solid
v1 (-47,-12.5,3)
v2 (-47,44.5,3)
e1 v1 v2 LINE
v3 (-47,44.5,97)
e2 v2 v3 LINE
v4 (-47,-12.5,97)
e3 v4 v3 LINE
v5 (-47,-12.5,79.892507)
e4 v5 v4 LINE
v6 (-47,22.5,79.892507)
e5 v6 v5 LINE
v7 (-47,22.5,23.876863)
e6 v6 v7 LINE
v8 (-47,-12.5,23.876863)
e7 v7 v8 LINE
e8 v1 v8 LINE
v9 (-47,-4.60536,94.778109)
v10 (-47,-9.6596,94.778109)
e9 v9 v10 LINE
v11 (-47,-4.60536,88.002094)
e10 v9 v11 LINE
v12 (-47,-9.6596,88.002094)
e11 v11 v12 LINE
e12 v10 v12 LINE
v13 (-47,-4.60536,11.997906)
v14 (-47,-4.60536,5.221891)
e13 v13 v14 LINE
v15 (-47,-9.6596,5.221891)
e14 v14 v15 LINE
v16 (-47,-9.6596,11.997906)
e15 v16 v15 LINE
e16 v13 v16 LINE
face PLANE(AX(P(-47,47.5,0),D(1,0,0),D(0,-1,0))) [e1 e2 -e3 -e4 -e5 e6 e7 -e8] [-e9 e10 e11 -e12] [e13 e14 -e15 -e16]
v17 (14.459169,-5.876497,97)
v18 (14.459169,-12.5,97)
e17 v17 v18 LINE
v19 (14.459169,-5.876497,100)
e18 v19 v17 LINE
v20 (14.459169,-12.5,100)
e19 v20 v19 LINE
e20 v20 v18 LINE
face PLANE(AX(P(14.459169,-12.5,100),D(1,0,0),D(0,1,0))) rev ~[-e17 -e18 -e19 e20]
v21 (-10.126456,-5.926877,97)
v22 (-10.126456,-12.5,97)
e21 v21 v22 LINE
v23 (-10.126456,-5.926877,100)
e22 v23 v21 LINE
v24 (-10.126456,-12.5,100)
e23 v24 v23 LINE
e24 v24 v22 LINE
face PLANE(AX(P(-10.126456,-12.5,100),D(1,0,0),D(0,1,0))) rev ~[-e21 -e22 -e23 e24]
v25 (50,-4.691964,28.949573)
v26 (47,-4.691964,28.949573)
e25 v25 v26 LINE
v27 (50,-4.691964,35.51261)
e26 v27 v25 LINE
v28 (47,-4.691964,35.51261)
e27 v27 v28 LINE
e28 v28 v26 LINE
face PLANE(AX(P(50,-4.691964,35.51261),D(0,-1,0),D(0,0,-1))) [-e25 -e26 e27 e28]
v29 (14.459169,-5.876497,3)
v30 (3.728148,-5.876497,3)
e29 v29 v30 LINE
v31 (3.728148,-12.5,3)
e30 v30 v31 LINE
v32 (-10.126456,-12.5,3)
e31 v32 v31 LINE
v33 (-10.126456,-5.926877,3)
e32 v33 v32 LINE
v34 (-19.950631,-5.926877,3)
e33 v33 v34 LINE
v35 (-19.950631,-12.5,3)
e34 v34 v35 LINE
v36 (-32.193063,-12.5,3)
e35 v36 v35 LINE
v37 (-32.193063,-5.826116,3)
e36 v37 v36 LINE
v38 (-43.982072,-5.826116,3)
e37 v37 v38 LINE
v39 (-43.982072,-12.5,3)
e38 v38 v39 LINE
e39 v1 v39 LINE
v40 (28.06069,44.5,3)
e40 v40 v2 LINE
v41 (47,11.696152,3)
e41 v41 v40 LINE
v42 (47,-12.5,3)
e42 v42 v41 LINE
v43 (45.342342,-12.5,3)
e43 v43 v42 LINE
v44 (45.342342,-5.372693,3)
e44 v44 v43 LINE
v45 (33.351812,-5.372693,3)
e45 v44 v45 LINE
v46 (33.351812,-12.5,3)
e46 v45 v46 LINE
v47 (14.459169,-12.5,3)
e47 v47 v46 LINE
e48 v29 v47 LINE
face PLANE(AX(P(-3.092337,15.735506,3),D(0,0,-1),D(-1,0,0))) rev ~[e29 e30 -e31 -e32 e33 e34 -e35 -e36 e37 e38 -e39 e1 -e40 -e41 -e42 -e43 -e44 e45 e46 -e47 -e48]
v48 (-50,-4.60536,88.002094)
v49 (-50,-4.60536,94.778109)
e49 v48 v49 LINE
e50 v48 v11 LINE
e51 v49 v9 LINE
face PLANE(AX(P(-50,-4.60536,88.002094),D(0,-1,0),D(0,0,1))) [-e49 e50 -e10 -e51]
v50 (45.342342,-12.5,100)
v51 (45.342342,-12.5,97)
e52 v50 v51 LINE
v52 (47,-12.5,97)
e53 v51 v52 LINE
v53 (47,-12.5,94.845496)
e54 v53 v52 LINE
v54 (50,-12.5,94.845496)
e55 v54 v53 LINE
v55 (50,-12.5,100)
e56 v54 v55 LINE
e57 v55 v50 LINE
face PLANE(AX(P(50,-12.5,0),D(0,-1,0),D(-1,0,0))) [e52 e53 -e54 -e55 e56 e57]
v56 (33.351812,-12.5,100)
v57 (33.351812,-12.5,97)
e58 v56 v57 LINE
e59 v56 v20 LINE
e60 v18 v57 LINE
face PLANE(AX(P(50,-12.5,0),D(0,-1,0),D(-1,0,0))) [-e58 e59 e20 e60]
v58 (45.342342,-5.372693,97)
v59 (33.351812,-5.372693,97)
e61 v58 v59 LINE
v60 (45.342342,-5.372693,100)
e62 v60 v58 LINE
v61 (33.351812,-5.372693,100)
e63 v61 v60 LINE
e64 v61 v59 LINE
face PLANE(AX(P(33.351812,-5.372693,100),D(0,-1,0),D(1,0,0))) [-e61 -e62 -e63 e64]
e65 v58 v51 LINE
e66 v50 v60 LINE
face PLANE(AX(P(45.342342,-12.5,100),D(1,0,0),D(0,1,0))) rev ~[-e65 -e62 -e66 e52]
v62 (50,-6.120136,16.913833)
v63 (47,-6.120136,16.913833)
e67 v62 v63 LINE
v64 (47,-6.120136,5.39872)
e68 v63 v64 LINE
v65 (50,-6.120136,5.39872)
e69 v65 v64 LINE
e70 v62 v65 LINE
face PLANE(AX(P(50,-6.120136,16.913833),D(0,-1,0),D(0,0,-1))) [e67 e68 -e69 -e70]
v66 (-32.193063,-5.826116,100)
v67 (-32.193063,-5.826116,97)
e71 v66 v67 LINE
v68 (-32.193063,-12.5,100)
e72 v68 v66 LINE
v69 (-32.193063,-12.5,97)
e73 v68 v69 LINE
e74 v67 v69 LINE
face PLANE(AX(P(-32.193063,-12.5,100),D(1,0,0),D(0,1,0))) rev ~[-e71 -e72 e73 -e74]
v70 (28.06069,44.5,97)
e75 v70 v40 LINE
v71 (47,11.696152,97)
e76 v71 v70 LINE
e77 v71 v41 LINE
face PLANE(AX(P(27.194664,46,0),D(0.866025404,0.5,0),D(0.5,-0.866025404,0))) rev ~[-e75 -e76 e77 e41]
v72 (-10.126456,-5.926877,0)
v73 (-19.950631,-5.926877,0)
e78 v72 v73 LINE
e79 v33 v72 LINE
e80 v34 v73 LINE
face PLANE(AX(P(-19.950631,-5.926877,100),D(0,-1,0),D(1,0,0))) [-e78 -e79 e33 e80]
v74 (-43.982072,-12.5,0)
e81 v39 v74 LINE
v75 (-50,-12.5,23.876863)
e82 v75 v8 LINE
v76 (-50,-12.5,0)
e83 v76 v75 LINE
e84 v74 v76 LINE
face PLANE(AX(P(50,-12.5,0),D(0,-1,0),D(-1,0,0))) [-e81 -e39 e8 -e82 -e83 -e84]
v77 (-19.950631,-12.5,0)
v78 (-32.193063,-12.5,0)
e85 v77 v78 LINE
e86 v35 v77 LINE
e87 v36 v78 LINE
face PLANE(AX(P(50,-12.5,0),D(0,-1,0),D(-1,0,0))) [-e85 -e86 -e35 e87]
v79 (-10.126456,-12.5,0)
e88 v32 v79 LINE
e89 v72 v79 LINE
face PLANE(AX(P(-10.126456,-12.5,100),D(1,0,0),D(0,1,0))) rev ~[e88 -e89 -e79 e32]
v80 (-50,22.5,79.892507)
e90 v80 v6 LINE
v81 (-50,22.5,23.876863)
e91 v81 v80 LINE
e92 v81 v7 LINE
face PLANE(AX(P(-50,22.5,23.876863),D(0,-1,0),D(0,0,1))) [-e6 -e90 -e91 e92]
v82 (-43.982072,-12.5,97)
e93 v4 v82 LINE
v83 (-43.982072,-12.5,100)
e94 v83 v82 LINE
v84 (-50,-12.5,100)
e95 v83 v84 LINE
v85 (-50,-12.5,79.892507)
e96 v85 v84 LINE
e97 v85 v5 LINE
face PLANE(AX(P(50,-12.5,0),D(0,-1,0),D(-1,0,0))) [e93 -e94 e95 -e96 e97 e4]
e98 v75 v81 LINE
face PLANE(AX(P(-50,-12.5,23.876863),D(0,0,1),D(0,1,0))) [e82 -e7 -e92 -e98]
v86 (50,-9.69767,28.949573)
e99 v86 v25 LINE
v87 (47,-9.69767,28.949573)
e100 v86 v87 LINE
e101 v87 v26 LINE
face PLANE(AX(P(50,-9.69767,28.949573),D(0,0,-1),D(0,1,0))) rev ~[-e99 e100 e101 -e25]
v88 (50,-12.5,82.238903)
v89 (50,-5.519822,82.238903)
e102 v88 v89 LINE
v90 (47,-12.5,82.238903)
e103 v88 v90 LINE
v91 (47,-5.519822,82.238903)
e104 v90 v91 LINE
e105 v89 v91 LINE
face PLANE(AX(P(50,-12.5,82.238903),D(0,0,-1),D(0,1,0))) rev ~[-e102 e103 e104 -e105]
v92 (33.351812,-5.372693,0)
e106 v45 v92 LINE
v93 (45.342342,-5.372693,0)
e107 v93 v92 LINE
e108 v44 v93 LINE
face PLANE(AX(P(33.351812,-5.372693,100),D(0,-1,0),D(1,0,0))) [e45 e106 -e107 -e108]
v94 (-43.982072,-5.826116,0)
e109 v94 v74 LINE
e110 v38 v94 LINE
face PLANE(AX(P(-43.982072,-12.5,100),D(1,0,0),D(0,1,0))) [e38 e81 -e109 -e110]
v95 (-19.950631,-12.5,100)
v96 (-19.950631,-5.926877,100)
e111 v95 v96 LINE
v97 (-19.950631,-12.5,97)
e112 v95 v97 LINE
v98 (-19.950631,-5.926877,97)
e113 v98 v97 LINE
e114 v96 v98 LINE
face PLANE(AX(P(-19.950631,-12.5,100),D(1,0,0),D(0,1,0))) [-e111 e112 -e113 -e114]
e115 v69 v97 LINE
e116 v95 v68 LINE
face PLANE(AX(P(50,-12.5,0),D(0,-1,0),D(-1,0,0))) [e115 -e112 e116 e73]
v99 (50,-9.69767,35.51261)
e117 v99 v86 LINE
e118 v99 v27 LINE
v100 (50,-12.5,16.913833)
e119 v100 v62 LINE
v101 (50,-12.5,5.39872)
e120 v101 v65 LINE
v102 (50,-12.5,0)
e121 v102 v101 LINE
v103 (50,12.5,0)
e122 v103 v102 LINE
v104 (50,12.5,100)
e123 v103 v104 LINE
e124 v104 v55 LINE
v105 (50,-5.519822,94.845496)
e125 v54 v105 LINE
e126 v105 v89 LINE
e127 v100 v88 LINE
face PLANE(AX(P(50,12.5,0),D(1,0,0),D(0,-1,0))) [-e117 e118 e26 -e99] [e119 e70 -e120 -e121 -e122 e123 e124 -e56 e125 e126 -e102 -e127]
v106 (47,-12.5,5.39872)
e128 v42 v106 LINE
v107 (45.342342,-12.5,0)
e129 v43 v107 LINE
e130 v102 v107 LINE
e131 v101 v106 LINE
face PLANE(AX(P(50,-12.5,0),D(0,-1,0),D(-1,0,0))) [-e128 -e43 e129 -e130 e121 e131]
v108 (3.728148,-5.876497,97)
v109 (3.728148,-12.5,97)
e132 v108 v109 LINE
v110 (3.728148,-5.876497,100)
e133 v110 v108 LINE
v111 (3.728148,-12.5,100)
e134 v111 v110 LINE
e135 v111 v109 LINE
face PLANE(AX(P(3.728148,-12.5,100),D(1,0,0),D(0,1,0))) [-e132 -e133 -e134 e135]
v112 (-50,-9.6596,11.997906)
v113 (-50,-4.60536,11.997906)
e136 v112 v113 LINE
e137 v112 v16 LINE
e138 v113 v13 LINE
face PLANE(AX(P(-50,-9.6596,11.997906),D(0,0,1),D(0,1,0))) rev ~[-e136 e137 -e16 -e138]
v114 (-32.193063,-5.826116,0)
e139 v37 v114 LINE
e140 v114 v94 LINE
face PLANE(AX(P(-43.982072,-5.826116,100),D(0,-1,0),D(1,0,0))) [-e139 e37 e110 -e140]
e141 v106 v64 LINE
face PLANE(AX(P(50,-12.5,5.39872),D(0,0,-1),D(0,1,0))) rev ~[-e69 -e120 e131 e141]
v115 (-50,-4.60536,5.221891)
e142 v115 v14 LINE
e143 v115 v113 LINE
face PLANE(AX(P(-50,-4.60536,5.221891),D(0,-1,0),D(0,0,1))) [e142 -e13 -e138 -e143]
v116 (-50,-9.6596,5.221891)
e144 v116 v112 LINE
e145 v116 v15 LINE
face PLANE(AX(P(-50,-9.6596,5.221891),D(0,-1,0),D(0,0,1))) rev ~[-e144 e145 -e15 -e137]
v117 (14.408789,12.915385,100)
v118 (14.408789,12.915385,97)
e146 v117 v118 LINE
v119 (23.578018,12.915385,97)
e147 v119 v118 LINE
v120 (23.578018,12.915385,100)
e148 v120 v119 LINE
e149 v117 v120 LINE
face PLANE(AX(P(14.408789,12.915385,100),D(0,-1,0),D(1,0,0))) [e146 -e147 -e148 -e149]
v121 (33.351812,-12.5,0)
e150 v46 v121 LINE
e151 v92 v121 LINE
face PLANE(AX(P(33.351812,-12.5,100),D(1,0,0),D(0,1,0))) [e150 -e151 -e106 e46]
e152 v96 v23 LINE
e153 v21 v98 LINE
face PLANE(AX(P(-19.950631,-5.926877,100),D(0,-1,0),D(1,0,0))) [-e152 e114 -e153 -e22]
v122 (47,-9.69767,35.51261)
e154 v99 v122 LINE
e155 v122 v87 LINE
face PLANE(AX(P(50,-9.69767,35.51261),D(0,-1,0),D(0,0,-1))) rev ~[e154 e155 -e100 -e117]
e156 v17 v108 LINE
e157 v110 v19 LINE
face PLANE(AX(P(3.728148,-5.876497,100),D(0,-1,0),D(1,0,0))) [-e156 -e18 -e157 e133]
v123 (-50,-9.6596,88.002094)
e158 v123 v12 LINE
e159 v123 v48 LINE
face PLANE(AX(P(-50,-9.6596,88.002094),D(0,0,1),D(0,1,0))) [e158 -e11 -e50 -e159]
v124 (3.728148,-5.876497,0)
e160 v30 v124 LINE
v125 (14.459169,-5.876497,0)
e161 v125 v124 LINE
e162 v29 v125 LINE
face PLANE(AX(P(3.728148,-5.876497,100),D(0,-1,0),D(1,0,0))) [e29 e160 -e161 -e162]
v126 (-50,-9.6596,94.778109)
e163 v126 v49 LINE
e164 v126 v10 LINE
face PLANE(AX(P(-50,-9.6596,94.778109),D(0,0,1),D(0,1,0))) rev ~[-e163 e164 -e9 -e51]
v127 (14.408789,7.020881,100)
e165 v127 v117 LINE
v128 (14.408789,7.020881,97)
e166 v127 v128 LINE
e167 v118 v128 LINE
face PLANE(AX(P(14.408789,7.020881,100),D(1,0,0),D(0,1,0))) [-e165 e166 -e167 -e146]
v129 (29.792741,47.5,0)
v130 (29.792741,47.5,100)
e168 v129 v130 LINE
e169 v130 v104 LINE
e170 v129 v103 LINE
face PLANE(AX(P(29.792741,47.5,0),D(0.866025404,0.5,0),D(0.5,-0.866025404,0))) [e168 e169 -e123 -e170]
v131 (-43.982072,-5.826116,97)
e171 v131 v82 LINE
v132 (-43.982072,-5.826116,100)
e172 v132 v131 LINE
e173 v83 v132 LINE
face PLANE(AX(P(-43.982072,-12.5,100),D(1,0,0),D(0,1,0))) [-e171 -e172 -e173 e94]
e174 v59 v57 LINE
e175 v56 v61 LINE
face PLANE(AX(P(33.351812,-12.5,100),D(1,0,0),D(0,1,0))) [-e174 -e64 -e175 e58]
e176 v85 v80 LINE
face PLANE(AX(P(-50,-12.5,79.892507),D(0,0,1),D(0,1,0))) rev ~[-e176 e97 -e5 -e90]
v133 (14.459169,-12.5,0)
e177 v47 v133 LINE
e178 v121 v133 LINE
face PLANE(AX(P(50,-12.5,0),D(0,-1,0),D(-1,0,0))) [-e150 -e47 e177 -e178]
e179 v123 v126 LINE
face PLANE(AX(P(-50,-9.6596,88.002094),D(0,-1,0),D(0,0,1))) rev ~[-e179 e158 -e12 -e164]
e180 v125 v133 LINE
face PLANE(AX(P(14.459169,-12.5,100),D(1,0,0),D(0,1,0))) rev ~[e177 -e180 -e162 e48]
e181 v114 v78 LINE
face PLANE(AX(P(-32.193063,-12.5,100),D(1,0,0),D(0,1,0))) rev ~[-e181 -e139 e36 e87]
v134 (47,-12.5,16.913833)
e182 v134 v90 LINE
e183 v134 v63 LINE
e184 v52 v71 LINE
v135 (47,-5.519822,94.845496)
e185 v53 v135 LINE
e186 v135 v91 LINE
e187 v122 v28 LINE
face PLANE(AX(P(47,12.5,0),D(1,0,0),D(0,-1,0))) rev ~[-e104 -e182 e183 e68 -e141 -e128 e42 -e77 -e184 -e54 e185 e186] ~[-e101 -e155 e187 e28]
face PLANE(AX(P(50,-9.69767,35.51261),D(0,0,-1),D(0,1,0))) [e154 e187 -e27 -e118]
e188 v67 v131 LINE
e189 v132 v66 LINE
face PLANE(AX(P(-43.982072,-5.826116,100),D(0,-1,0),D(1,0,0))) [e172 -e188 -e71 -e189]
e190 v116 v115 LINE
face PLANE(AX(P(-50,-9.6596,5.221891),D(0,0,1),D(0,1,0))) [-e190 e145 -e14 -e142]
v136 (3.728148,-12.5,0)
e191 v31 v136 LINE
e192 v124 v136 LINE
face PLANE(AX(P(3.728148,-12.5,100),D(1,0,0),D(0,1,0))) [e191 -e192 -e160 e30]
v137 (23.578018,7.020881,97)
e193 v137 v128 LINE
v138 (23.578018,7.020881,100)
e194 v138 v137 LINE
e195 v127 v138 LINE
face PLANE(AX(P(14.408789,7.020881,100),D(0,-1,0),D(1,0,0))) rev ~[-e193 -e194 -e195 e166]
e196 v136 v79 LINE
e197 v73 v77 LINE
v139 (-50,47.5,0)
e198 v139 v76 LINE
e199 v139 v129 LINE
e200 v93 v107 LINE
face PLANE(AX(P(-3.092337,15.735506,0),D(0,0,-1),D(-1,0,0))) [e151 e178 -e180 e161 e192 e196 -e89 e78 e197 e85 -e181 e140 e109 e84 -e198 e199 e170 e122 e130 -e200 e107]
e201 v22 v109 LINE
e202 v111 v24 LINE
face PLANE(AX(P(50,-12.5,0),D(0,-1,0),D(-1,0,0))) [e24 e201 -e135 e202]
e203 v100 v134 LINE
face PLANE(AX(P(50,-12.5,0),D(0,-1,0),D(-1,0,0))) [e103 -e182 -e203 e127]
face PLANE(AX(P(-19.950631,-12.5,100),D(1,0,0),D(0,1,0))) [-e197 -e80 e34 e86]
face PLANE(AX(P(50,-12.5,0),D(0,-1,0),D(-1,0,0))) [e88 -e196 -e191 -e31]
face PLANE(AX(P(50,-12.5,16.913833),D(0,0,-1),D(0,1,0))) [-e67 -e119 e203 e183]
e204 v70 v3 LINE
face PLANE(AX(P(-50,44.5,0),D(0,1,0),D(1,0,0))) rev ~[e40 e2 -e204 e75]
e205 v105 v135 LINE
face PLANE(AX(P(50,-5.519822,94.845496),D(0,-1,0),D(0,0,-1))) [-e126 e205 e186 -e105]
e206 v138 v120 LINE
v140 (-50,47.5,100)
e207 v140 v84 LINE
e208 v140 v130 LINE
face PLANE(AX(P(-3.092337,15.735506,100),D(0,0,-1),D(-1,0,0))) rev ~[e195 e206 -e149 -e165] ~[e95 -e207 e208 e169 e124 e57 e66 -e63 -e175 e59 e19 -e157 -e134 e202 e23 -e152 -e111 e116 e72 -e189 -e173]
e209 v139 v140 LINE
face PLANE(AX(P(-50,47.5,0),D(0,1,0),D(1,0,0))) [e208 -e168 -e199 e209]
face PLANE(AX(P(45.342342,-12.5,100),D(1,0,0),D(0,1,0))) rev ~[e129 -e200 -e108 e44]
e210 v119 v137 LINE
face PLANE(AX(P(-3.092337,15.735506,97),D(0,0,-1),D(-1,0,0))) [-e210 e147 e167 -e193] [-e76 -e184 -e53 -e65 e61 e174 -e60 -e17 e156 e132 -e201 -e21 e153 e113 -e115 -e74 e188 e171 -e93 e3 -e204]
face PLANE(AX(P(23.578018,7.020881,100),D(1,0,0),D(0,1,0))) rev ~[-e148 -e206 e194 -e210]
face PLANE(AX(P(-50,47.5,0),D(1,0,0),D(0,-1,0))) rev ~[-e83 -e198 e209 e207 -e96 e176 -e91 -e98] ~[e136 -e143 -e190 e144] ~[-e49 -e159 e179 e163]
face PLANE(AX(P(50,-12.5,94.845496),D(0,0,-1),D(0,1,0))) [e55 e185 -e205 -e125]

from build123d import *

# Parameters (mm, degrees)
BOSS_EXTRUDE1_DEPTH = 100
SHELL1_T            = -3
SKETCH2_W           = 56.015644735
SKETCH2_H           = 35
CUT_EXTRUDE1_DEPTH  = 10
SKETCH3_W           = 12.606592538
SKETCH3_H           = 6.980178381
SKETCH3_W_2         = 11.515112664
SKETCH3_H_2         = 6.37986445
CUT_EXTRUDE2_DEPTH  = 10
SKETCH4_W           = 9.169229256
SKETCH4_H           = 5.894504522
CUT_EXTRUDE3_DEPTH  = 10
SKETCH5_W           = 6.776014824
SKETCH5_H           = 5.054240566
CUT_EXTRUDE4_DEPTH  = 10
SKETCH6_W           = 11.990530565
SKETCH6_H           = 7.12730724
CUT_EXTRUDE5_DEPTH  = 122.475306133
SKETCH8_W           = 6.563036955
SKETCH8_H           = 5.005706152
CUT_EXTRUDE6_DEPTH  = 10
SKETCH9_W           = 11.789009043
SKETCH9_H           = 6.673883815
SKETCH9_W_2         = 10.731021053
SKETCH9_H_2         = 6.623503435
SKETCH9_W_3         = 9.824174203
SKETCH9_H_3         = 6.573123054
CUT_EXTRUDE7_DEPTH  = 122.475306133


with BuildPart() as part:
    # Sketch1 → Boss-Extrude1 (new body)
    with BuildSketch(Plane.XY):
        Polygon((-50, 12.5), (-50, 47.5), (29.792740578, 47.5), (50, 12.5), (50, -12.5), (-50, -12.5), align=None)
    extrude(amount=BOSS_EXTRUDE1_DEPTH)

    # Shell1
    shell1_openings = [part.faces().sort_by_distance(p)[0] for p in [
        (0, -12.5, 50),
    ]]
    offset(amount=SHELL1_T, openings=shell1_openings, kind=Kind.INTERSECTION)

    # Sketch2 → Cut-Extrude1 (cut)
    with BuildSketch(Plane.ZY.offset(50)):
        with Locations((51.884685058, 5)):
            Rectangle(SKETCH2_W, SKETCH2_H)
    extrude(amount=-CUT_EXTRUDE1_DEPTH, mode=Mode.SUBTRACT)

    # Sketch3 → Cut-Extrude2 (cut)
    with BuildSketch(Plane(origin=(50, 0, 0), x_dir=(0, 0, -1), z_dir=(1, 0, 0))):
        with Locations((-88.542199405, -9.009910809)):
            Rectangle(SKETCH3_W, SKETCH3_H)
        with Locations((-11.156276384, -9.310067775)):
            Rectangle(SKETCH3_W_2, SKETCH3_H_2)
    extrude(amount=-CUT_EXTRUDE2_DEPTH, mode=Mode.SUBTRACT)

    # Sketch4 → Cut-Extrude3 (cut)
    with BuildSketch(Plane.XY.offset(100)):
        with Locations((18.993403459, 9.968133111)):
            Rectangle(SKETCH4_W, SKETCH4_H)
    extrude(amount=-CUT_EXTRUDE3_DEPTH, mode=Mode.SUBTRACT)

    # Sketch5 → Cut-Extrude4 (cut)
    with BuildSketch(Plane.ZY.offset(50)):
        with Locations((8.609898129, -7.132480119)):
            Rectangle(SKETCH5_W, SKETCH5_H)
        with Locations((91.390101871, -7.132480119)):
            Rectangle(SKETCH5_W, SKETCH5_H)
    extrude(amount=-CUT_EXTRUDE4_DEPTH, mode=Mode.SUBTRACT)

    # Sketch6 → Cut-Extrude5 (cut, through all)
    with BuildSketch(Plane.XY.offset(100)):
        with Locations((39.347077193, -8.93634638)):
            Rectangle(SKETCH6_W, SKETCH6_H)
    extrude(amount=-CUT_EXTRUDE5_DEPTH, mode=Mode.SUBTRACT)

    # Sketch8 → Cut-Extrude6 (cut)
    with BuildSketch(Plane(origin=(50, 0, 0), x_dir=(0, 0, -1), z_dir=(1, 0, 0))):
        with Locations((-32.231091097, -7.194817018)):
            Rectangle(SKETCH8_W, SKETCH8_H)
    extrude(amount=-CUT_EXTRUDE6_DEPTH, mode=Mode.SUBTRACT)

    # Sketch9 → Cut-Extrude7 (cut, through all)
    with BuildSketch(Plane.XY.offset(100)):
        with Locations((-38.087567679, -9.163058093)):
            Rectangle(SKETCH9_W, SKETCH9_H)
        with Locations((9.093658686, -9.188248283)):
            Rectangle(SKETCH9_W_2, SKETCH9_H_2)
        with Locations((-15.038543588, -9.213438473)):
            Rectangle(SKETCH9_W_3, SKETCH9_H_3)
    extrude(amount=-CUT_EXTRUDE7_DEPTH, mode=Mode.SUBTRACT)


solid = part.part
